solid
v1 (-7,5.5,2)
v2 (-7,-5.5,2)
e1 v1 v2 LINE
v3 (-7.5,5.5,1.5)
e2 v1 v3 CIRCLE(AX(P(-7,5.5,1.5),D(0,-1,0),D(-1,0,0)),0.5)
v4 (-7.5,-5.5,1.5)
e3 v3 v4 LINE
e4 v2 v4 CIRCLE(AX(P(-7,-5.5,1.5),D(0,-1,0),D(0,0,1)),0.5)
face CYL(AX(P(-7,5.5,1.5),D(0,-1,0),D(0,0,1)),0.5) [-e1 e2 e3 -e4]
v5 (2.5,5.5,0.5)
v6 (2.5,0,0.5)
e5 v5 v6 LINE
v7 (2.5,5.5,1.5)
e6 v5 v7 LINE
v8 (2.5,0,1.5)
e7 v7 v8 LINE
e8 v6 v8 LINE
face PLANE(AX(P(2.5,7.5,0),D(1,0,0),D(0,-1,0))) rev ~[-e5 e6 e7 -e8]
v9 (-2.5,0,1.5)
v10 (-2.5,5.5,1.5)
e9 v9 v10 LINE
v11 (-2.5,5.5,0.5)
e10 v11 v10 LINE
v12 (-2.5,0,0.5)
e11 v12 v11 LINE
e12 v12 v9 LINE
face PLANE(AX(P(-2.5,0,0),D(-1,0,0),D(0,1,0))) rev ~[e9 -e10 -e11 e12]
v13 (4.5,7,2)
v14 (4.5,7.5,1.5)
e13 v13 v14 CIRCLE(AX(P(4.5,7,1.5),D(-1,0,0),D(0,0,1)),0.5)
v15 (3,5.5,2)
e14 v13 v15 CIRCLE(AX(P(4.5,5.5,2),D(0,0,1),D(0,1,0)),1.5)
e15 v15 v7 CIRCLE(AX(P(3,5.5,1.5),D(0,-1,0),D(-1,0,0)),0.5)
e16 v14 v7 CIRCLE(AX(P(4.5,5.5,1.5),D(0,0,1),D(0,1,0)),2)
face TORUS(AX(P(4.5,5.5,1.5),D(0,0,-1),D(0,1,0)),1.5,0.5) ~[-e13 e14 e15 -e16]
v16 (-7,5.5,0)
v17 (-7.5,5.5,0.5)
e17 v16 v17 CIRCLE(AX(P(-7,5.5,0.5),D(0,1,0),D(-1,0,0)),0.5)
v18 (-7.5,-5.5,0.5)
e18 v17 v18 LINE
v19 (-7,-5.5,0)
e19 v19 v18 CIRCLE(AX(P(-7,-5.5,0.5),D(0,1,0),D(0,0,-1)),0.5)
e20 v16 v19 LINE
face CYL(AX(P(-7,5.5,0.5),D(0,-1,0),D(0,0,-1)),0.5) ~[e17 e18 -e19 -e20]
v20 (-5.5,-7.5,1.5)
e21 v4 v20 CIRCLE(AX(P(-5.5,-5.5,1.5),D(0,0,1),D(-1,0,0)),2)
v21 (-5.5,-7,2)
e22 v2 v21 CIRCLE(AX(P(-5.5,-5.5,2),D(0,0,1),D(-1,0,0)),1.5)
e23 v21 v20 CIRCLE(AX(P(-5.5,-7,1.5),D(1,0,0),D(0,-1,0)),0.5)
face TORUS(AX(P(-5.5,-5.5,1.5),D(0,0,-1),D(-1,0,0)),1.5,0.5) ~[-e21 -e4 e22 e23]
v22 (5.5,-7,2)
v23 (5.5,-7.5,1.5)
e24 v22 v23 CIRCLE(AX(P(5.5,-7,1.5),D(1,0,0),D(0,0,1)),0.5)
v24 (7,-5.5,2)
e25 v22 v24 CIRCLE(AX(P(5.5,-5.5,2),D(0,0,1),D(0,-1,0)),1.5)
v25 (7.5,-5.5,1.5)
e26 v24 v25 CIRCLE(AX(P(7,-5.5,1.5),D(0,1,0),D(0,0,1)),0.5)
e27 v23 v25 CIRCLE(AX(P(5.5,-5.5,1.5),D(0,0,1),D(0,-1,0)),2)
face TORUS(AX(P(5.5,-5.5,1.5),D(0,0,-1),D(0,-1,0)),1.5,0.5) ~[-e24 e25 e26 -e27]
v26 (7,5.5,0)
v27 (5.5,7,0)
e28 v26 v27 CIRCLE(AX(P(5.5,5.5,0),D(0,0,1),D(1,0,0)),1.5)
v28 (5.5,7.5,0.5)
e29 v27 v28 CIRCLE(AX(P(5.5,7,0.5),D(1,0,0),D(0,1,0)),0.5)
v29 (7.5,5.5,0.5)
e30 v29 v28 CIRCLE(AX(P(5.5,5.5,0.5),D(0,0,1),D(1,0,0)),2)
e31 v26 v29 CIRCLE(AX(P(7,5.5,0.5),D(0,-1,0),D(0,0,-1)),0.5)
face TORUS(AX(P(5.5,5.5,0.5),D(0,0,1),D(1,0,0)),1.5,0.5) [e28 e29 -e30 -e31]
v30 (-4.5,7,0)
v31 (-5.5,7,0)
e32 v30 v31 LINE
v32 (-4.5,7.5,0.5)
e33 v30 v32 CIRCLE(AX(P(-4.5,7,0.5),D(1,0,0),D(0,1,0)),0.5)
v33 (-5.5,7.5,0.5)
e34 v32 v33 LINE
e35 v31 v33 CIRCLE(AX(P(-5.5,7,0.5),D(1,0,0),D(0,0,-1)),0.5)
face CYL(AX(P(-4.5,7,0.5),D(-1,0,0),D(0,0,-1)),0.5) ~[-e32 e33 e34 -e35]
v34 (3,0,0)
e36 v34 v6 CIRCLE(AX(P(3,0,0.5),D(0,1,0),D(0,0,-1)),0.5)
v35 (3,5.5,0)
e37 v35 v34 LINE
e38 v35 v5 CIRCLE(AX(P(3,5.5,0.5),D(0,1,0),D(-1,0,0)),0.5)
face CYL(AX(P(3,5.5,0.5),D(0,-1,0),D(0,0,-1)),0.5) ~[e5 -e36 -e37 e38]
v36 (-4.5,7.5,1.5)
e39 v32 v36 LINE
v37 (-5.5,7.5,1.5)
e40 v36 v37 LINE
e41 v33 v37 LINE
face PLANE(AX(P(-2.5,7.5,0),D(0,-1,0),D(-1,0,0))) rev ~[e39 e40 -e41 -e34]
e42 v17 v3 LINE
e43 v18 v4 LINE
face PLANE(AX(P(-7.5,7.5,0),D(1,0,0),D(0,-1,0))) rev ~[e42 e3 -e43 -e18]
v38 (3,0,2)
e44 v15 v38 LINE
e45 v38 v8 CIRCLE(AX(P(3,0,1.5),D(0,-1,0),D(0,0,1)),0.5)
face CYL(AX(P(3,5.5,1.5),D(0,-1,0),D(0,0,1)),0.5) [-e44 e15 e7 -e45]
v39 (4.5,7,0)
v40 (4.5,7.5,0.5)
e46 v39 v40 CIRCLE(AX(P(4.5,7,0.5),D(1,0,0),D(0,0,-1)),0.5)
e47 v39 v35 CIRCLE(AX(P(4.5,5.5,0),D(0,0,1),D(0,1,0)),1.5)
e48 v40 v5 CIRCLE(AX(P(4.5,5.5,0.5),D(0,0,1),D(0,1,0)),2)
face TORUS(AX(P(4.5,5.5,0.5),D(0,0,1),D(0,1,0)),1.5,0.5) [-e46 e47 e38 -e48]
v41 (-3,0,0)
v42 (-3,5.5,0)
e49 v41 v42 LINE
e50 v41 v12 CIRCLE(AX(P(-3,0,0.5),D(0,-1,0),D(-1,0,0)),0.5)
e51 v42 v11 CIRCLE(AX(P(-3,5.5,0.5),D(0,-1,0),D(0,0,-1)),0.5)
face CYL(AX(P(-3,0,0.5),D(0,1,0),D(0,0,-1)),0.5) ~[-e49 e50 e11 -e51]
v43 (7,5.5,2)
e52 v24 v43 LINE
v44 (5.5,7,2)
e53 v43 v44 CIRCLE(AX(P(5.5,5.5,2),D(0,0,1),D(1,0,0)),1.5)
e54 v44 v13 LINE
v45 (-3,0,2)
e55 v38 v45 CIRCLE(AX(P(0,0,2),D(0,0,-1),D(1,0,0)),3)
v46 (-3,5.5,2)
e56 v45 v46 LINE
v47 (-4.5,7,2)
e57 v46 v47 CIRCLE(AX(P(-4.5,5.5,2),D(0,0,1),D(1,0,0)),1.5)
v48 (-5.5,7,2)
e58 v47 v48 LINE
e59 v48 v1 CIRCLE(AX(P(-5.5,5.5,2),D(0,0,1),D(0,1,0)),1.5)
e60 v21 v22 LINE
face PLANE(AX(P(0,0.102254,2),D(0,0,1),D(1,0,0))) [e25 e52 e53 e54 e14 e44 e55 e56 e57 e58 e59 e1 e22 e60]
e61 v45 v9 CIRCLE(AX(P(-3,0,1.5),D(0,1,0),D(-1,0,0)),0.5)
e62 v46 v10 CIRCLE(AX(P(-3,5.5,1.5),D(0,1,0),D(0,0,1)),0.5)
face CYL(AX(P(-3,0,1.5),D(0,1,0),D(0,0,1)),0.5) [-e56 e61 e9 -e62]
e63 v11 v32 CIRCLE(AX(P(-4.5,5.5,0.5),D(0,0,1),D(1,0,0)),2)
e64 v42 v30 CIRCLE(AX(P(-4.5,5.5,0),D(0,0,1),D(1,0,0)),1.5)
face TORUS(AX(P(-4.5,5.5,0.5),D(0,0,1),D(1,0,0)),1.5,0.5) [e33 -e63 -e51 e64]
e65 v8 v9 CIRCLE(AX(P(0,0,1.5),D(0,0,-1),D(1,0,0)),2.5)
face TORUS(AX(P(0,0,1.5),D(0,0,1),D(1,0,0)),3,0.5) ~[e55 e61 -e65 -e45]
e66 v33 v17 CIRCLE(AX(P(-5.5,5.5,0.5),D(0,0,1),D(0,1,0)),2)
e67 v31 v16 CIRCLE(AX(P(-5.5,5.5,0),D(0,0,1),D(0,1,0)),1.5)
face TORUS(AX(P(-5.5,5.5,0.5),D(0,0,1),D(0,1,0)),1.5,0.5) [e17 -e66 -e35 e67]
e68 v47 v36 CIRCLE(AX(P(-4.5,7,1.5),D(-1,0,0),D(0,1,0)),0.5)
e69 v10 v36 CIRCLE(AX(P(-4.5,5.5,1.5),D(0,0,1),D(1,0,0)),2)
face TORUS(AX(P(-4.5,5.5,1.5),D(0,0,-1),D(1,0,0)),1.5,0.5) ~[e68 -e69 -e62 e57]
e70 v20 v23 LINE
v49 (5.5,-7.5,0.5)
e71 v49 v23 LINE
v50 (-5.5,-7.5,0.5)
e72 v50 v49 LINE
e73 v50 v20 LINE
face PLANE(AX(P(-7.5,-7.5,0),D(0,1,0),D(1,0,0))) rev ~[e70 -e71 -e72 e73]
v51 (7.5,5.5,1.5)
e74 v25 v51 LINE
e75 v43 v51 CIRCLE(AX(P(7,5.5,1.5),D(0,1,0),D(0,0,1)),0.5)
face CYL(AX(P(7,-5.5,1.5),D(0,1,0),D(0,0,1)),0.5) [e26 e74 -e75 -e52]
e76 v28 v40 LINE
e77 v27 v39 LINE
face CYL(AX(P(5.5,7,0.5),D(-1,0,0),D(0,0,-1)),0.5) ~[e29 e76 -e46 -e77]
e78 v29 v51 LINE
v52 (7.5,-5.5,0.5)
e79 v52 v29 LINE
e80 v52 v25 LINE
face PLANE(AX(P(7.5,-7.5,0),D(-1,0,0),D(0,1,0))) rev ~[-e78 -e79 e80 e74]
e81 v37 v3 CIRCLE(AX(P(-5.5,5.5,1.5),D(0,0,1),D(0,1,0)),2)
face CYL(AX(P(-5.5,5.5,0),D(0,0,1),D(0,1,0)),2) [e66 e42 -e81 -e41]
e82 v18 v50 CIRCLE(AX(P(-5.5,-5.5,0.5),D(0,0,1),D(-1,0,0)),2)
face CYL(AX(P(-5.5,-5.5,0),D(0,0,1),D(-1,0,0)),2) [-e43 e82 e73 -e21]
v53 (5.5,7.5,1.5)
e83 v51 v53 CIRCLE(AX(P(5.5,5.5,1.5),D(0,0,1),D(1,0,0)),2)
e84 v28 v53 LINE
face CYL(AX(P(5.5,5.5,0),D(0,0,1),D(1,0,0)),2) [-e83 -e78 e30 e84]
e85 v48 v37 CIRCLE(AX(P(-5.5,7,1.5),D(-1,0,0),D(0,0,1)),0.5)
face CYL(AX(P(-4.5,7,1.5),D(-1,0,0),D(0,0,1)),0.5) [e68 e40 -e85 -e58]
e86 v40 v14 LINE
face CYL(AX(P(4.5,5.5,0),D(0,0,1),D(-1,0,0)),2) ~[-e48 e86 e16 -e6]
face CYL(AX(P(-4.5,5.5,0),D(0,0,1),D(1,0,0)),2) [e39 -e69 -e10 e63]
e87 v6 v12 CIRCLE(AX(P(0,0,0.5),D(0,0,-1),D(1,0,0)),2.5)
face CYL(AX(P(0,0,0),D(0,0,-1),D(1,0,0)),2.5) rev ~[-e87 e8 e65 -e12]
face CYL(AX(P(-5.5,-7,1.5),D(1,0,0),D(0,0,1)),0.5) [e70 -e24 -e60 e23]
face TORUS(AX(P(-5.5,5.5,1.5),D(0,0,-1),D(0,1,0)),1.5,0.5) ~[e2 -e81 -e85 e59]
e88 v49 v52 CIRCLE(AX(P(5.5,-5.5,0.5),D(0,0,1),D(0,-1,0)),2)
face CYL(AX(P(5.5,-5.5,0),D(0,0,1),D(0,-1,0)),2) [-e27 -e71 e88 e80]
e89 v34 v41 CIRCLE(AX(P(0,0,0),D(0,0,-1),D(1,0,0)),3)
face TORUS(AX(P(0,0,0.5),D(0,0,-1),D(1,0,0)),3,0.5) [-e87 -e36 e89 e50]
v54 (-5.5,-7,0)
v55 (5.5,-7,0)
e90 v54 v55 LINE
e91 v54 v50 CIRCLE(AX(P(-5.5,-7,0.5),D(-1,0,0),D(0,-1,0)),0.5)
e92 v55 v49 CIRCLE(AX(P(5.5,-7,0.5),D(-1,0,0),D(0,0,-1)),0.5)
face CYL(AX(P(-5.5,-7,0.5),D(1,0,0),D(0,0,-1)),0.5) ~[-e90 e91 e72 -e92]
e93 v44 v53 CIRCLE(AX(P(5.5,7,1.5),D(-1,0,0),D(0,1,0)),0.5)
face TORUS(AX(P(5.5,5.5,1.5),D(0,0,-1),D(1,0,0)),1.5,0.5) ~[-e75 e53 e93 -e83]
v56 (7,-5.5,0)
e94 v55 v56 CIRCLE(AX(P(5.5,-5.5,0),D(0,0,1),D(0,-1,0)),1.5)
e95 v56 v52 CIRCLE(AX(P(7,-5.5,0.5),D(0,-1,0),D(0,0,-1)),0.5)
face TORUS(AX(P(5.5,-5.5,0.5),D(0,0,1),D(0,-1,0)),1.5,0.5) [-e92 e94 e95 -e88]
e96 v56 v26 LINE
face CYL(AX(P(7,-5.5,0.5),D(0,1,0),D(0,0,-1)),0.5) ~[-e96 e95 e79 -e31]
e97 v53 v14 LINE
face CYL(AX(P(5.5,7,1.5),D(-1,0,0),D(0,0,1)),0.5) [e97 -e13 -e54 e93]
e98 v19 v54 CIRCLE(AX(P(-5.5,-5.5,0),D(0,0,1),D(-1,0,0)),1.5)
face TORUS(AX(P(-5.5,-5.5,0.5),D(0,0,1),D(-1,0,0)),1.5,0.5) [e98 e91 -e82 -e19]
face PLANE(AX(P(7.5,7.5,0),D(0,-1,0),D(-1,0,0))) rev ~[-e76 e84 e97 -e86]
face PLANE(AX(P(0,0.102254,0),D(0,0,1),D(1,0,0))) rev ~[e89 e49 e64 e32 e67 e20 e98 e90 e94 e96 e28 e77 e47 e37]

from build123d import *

# Parameters (mm, degrees)
F1_DEPTH = 2
F2_R     = 2
F3_R     = 0.5


with BuildPart() as f1:
    # F0 (on Top) → F1 (new body)
    with BuildSketch(Plane.XY):
        with BuildLine():
            Line((2.5, 7.5), (2.5, 0))
            ThreePointArc((2.5, 0), (0, -2.5), (-2.5, 0))
            Line((-2.5, 0), (-2.5, 7.5))
            Line((-2.5, 7.5), (-7.5, 7.5))
            Line((-7.5, 7.5), (-7.5, -7.5))
            Line((-7.5, -7.5), (7.5, -7.5))
            Line((7.5, -7.5), (7.5, 7.5))
            Line((7.5, 7.5), (2.5, 7.5))
        make_face()
    extrude(amount=F1_DEPTH)

    # F2
    f2_edges = [f1.edges().sort_by_distance(p)[0] for p in [
        (7.5, -7.5, 1),
        (-7.5, -7.5, 1),
        (7.5, 7.5, 1),
        (2.5, 7.5, 1),
        (-2.5, 7.5, 1),
        (-7.5, 7.5, 1),
    ]]
    fillet(f2_edges, radius=F2_R)

    # F3
    f3_edges = [f1.edges().sort_by_distance(p)[0] for p in [
        (7.5, 0, 2),
        (6.914214, -6.914214, 2),
        (6.914214, 6.914214, 2),
        (0, -7.5, 2),
        (5, 7.5, 2),
        (-6.914214, -6.914214, 2),
        (3.085786, 6.914214, 2),
        (-7.5, 0, 2),
        (2.5, 2.75, 2),
        (-6.914214, 6.914214, 2),
        (0, -2.5, 2),
        (-5, 7.5, 2),
        (-2.5, 2.75, 2),
        (-3.085786, 6.914214, 2),
        (7.5, 0, 0),
        (6.914214, -6.914214, 0),
        (6.914214, 6.914214, 0),
        (0, -7.5, 0),
        (5, 7.5, 0),
        (-6.914214, -6.914214, 0),
        (3.085786, 6.914214, 0),
        (-7.5, 0, 0),
        (2.5, 2.75, 0),
        (-6.914214, 6.914214, 0),
        (0, -2.5, 0),
        (-5, 7.5, 0),
        (-2.5, 2.75, 0),
        (-3.085786, 6.914214, 0),
    ]]
    fillet(f3_edges, radius=F3_R)


solid = f1.part
